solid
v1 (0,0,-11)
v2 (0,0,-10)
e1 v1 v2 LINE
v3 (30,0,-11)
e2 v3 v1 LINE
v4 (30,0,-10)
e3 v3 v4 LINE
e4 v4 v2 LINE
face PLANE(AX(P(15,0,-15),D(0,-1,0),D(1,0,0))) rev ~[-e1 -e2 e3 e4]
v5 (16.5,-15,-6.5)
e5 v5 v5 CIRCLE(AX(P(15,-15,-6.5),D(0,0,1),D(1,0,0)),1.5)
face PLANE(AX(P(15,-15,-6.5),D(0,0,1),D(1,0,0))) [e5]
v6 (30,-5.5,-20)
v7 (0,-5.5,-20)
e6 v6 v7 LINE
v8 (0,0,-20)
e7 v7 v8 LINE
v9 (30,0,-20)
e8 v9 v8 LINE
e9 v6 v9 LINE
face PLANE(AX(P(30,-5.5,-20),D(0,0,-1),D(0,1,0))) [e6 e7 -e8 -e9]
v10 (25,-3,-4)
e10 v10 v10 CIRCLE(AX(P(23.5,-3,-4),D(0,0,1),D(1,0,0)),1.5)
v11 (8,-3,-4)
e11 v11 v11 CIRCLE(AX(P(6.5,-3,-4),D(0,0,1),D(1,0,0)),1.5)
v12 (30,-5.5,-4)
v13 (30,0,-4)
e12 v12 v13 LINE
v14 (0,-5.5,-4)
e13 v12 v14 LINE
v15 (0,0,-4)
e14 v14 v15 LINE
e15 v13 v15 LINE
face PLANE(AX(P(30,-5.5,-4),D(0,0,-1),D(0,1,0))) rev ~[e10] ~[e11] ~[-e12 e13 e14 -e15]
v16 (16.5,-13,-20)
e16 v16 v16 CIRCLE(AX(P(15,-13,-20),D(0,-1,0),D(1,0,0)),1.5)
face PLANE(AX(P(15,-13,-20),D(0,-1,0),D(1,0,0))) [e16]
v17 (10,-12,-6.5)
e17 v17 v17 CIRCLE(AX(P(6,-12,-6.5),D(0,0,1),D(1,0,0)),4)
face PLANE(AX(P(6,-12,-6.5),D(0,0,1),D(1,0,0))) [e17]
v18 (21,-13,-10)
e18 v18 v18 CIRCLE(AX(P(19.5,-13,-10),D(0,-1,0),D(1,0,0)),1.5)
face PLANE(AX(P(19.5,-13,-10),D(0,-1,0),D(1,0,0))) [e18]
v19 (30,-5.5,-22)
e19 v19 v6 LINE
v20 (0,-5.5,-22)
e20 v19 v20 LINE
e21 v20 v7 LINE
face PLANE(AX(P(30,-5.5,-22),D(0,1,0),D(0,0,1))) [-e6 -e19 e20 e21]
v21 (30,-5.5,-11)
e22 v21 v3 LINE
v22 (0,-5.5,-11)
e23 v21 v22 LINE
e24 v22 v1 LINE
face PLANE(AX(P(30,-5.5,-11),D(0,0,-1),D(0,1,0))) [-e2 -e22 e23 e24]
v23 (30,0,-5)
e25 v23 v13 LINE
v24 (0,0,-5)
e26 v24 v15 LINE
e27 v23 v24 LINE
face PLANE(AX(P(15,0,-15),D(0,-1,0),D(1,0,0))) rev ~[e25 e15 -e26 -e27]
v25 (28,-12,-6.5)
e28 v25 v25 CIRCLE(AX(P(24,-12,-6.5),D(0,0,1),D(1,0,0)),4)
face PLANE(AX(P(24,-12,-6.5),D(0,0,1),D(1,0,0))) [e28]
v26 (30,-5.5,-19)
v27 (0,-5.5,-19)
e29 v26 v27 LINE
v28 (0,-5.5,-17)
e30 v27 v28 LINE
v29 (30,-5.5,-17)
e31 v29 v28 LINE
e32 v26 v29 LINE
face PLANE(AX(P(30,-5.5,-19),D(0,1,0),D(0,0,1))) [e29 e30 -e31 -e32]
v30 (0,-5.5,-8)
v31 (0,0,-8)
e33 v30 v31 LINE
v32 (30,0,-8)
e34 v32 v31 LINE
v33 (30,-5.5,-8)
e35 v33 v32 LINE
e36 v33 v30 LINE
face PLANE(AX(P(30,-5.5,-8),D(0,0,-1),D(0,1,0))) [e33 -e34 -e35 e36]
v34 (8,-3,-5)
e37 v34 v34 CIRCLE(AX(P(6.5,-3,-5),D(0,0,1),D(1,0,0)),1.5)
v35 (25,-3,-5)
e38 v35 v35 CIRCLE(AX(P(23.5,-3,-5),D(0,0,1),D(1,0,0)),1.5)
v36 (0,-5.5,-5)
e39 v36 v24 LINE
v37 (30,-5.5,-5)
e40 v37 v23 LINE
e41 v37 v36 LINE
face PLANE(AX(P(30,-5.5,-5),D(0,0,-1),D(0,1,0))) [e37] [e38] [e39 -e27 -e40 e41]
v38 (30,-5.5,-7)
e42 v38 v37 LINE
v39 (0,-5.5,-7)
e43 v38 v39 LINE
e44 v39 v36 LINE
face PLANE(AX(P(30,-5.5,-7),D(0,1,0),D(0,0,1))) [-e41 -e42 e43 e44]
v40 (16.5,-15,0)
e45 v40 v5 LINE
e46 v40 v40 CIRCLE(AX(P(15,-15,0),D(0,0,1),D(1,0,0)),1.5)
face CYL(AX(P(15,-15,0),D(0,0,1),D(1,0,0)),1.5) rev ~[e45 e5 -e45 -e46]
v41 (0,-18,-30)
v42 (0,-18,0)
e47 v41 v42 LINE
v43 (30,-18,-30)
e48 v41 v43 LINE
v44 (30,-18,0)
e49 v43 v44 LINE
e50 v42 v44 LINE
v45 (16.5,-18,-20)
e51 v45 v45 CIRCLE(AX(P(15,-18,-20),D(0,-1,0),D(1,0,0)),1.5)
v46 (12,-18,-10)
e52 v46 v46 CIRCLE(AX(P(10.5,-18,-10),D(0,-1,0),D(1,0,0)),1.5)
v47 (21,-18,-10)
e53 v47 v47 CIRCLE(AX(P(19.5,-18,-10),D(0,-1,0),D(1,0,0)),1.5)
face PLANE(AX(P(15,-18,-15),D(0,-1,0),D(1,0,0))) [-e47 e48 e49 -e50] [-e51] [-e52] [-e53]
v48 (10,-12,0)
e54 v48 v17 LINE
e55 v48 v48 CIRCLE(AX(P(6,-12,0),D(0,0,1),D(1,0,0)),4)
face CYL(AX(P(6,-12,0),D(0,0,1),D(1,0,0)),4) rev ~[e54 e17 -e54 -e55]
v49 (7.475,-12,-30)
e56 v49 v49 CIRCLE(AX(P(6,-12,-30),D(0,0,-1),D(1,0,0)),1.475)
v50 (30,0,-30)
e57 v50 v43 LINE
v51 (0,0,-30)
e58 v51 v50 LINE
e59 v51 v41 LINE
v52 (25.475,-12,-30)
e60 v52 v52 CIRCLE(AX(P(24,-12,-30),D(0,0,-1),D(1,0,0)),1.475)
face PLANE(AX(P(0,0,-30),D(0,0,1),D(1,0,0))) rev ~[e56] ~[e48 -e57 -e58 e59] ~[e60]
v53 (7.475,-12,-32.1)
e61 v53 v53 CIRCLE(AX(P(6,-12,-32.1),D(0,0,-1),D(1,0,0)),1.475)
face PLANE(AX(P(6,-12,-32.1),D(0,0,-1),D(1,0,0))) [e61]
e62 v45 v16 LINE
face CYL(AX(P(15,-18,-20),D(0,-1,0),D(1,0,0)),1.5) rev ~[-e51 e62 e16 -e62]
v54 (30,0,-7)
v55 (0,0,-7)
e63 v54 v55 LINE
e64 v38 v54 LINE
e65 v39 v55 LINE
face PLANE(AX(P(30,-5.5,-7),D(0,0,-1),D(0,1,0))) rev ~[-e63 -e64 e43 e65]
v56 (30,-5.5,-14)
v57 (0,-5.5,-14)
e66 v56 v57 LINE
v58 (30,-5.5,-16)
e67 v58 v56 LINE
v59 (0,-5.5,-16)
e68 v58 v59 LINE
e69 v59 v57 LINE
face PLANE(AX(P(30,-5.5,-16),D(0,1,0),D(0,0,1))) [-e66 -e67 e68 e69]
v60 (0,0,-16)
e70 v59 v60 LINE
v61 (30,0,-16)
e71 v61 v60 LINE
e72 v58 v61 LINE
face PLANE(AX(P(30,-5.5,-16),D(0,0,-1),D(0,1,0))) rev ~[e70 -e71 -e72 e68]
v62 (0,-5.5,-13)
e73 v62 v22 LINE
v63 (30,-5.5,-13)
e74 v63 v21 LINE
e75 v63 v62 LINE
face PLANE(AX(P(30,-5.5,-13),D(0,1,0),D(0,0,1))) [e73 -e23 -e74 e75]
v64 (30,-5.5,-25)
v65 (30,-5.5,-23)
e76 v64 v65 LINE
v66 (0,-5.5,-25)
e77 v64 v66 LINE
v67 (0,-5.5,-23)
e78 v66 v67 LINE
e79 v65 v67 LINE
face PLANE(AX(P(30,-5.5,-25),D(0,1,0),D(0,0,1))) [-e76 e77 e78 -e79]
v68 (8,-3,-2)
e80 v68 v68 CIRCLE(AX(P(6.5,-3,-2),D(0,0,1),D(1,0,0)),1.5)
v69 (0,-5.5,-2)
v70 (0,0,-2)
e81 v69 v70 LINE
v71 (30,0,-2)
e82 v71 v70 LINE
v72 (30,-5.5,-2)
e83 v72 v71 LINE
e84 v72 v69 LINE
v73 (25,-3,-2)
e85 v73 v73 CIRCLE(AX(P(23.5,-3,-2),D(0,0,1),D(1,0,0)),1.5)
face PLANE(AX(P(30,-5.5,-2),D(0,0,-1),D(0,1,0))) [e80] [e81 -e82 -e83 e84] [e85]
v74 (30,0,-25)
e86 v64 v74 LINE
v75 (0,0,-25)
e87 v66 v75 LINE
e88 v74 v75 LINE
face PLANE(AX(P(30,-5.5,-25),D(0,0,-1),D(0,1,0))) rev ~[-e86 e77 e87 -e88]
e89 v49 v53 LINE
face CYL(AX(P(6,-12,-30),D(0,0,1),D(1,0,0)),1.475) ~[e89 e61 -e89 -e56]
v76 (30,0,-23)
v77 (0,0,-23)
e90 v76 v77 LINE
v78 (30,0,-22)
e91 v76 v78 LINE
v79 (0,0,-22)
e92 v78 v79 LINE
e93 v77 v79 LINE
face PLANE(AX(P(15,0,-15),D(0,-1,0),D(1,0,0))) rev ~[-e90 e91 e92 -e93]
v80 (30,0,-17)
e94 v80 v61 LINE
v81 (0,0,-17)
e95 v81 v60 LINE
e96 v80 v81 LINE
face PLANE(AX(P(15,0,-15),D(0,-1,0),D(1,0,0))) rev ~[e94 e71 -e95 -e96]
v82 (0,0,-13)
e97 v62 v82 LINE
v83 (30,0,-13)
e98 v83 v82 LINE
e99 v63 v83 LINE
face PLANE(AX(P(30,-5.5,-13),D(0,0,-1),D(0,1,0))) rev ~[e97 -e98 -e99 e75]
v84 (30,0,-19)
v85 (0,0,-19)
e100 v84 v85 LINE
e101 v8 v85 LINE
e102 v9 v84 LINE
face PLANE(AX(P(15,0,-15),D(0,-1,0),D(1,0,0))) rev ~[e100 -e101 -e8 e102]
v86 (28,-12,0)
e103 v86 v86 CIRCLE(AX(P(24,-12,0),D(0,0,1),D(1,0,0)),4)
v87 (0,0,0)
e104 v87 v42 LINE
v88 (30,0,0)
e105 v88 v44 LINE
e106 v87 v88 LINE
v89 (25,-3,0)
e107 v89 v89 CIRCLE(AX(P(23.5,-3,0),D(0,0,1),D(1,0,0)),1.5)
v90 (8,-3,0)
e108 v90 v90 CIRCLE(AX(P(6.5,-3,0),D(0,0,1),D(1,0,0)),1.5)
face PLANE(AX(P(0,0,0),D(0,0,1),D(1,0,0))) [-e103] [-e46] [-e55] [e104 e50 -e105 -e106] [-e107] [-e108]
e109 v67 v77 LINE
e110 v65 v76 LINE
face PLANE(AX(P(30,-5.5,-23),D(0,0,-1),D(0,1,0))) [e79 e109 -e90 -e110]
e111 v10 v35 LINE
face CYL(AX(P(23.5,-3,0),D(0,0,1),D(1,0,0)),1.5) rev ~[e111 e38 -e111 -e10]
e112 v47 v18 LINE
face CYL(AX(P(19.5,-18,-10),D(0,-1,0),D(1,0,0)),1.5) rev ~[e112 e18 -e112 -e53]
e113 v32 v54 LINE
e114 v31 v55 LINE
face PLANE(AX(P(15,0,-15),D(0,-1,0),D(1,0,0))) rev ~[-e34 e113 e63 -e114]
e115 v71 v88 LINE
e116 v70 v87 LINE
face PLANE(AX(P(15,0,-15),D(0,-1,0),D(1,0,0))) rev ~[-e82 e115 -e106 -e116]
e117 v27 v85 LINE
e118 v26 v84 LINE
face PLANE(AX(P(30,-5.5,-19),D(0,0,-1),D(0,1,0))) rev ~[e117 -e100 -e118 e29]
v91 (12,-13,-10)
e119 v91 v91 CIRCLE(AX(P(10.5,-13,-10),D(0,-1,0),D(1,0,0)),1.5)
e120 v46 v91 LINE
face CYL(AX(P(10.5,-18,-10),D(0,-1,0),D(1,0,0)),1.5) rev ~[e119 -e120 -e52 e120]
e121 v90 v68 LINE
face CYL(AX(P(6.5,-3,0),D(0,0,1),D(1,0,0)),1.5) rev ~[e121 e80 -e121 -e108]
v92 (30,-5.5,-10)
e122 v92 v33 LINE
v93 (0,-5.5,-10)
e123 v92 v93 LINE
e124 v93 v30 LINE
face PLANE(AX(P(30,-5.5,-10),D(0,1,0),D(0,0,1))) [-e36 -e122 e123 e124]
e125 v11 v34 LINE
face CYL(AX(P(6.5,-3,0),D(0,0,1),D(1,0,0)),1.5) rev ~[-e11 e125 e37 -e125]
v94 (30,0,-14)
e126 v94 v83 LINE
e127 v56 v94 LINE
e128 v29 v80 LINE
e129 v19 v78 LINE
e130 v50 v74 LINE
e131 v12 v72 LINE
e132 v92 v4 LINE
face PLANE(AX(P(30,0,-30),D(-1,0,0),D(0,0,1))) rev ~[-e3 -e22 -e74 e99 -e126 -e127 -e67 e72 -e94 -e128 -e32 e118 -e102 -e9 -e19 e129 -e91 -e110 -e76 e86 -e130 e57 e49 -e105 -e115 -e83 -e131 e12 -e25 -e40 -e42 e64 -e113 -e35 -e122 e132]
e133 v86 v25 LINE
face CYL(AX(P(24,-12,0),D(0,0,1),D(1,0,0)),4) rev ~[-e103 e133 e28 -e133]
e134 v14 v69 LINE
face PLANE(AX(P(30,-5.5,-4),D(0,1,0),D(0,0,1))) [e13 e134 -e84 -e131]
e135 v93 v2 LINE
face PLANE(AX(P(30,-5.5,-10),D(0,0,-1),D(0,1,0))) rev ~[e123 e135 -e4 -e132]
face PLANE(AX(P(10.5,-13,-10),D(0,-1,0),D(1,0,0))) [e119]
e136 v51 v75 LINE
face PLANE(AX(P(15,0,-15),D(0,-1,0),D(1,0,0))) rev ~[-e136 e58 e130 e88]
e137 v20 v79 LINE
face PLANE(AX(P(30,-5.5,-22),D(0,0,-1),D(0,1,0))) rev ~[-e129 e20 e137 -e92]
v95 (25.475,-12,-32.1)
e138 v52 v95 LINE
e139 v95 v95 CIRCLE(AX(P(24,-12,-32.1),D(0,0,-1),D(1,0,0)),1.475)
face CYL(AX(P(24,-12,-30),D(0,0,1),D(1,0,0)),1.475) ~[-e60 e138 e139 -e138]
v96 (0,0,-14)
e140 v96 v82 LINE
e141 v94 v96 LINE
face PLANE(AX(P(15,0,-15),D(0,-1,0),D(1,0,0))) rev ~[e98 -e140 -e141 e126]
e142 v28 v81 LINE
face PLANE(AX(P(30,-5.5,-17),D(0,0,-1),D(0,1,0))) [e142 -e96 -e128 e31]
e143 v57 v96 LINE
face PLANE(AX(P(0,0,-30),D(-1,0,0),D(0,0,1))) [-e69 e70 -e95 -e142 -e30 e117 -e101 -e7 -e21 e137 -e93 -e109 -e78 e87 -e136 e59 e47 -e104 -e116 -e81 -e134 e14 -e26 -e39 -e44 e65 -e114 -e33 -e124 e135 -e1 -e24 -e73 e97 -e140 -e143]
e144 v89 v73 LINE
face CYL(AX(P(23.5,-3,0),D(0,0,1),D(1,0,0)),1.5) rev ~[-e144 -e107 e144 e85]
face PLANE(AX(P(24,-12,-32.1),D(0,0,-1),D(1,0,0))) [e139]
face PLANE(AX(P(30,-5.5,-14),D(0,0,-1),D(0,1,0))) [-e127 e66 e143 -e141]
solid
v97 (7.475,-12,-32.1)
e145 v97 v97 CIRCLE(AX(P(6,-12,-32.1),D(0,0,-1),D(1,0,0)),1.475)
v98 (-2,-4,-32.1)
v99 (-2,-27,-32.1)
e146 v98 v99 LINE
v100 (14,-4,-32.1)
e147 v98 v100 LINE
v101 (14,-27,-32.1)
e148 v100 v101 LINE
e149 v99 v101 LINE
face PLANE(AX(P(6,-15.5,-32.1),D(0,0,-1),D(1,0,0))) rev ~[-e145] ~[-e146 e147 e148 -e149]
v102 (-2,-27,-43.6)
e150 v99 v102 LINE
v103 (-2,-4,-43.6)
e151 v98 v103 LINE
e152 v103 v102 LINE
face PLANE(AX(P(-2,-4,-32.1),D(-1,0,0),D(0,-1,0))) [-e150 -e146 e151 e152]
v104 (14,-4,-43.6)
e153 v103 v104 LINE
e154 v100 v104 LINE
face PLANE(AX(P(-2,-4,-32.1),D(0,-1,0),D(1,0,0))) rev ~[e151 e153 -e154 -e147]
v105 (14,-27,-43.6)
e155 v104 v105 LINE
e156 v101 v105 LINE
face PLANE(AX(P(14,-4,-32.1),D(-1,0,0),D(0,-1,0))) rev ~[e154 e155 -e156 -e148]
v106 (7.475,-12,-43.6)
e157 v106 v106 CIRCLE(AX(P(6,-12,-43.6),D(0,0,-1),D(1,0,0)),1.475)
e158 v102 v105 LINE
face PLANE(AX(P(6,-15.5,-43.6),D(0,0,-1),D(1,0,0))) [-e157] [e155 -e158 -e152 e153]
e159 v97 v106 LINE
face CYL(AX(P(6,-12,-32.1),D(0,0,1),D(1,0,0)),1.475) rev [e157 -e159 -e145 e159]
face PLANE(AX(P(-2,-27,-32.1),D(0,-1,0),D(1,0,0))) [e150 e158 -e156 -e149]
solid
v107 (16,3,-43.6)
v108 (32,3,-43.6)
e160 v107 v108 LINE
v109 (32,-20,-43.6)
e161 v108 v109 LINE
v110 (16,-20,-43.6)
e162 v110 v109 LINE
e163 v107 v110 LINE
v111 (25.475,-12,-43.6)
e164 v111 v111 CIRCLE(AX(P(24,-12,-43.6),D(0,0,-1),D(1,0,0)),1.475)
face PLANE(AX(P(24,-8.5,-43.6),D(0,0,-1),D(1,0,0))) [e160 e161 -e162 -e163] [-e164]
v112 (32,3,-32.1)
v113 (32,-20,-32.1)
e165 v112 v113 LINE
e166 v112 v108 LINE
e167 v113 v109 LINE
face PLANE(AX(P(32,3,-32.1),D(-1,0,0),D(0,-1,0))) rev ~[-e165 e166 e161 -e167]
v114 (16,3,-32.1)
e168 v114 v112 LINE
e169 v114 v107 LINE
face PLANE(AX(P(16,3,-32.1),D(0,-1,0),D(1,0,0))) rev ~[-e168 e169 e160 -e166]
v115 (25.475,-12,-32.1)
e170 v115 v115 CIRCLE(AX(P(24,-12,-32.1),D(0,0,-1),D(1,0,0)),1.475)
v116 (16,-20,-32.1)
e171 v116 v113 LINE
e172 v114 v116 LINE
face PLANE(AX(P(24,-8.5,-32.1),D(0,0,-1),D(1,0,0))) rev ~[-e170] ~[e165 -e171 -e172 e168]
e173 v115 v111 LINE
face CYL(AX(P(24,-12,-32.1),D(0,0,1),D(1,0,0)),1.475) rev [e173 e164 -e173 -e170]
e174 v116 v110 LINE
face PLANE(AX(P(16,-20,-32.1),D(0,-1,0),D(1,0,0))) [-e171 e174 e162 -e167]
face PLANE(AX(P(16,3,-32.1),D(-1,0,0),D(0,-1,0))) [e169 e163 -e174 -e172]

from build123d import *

# Parameters (mm, degrees)
F0_W      = 30
F0_H      = 30
F1_DEPTH  = 18
F2_R      = 4
F2_R_2    = 1.5
F3_DEPTH  = 6.5
F4_R      = 1.5
F5_DEPTH  = 5
F6_W      = 5.5
F6_H      = 2
F7_DEPTH  = 30
F8_R      = 1.475
F9_DEPTH  = 2.1
F10_W     = 16
F10_H     = 23
F10_R     = 1.475
F11_W     = 16
F11_H     = 23
F11_R     = 1.475
F12_DEPTH = 11.5


with BuildPart() as f1:
    # F0 (on Front) → F1 (new body)
    with BuildSketch(Plane.XZ):
        with Locations((15, -15)):
            Rectangle(F0_W, F0_H)
    extrude(amount=F1_DEPTH)

    # F2 (on face) → F3 (cut)
    with BuildSketch(Plane.XY):
        with Locations((6, -12)):
            Circle(F2_R)
        with Locations((24, -12)):
            Circle(F2_R)
        with Locations((6.5, -3)):
            Circle(F2_R_2)
        with Locations((23.5, -3)):
            Circle(F2_R_2)
        with Locations((15, -15)):
            Circle(F2_R_2)
    extrude(amount=-F3_DEPTH, mode=Mode.SUBTRACT)

    # F4 (on face) → F5 (cut)
    with BuildSketch(Plane.XZ.offset(18)):
        with Locations((19.5, -10)):
            Circle(F4_R)
        with Locations((15, -20)):
            Circle(F4_R)
        with Locations((10.5, -10)):
            Circle(F4_R)
    extrude(amount=-F5_DEPTH, mode=Mode.SUBTRACT)

    # F6 (on face) → F7 (cut, through all)
    with BuildSketch(Plane.YZ.offset(30)):
        with Locations((-2.75, -3)):
            Rectangle(F6_W, F6_H)
        with Locations((-2.75, -6)):
            Rectangle(F6_W, F6_H)
        with Locations((-2.75, -9)):
            Rectangle(F6_W, F6_H)
        with Locations((-2.75, -12)):
            Rectangle(F6_W, F6_H)
        with Locations((-2.75, -15)):
            Rectangle(F6_W, F6_H)
        with Locations((-2.75, -18)):
            Rectangle(F6_W, F6_H)
        with Locations((-2.75, -21)):
            Rectangle(F6_W, F6_H)
        with Locations((-2.75, -24)):
            Rectangle(F6_W, F6_H)
    extrude(amount=-F7_DEPTH, mode=Mode.SUBTRACT)

    # F8 (on face) → F9 (join)
    with BuildSketch(Plane(origin=(0, 0, -30), x_dir=(1, 0, 0), z_dir=(0, 0, -1))):
        with Locations((6, 12)):
            Circle(F8_R)
        with Locations((24, 12)):
            Circle(F8_R)
    extrude(amount=F9_DEPTH)

    # F10 (on face) + F11 (on face) → F12 (join)
    with BuildSketch(Plane(origin=(0, 0, -32.1), x_dir=(1, 0, 0), z_dir=(0, 0, -1))):
        with Locations((24, 8.5)):
            Rectangle(F10_W, F10_H)
        with Locations((24, 12)):
            Circle(F10_R, mode=Mode.SUBTRACT)
    with BuildSketch(Plane(origin=(0, 0, -32.1), x_dir=(1, 0, 0), z_dir=(0, 0, -1))):
        with Locations((6, 15.5)):
            Rectangle(F11_W, F11_H)
        with Locations((6, 12)):
            Circle(F11_R, mode=Mode.SUBTRACT)
    extrude(amount=F12_DEPTH)


solid = f1.part
